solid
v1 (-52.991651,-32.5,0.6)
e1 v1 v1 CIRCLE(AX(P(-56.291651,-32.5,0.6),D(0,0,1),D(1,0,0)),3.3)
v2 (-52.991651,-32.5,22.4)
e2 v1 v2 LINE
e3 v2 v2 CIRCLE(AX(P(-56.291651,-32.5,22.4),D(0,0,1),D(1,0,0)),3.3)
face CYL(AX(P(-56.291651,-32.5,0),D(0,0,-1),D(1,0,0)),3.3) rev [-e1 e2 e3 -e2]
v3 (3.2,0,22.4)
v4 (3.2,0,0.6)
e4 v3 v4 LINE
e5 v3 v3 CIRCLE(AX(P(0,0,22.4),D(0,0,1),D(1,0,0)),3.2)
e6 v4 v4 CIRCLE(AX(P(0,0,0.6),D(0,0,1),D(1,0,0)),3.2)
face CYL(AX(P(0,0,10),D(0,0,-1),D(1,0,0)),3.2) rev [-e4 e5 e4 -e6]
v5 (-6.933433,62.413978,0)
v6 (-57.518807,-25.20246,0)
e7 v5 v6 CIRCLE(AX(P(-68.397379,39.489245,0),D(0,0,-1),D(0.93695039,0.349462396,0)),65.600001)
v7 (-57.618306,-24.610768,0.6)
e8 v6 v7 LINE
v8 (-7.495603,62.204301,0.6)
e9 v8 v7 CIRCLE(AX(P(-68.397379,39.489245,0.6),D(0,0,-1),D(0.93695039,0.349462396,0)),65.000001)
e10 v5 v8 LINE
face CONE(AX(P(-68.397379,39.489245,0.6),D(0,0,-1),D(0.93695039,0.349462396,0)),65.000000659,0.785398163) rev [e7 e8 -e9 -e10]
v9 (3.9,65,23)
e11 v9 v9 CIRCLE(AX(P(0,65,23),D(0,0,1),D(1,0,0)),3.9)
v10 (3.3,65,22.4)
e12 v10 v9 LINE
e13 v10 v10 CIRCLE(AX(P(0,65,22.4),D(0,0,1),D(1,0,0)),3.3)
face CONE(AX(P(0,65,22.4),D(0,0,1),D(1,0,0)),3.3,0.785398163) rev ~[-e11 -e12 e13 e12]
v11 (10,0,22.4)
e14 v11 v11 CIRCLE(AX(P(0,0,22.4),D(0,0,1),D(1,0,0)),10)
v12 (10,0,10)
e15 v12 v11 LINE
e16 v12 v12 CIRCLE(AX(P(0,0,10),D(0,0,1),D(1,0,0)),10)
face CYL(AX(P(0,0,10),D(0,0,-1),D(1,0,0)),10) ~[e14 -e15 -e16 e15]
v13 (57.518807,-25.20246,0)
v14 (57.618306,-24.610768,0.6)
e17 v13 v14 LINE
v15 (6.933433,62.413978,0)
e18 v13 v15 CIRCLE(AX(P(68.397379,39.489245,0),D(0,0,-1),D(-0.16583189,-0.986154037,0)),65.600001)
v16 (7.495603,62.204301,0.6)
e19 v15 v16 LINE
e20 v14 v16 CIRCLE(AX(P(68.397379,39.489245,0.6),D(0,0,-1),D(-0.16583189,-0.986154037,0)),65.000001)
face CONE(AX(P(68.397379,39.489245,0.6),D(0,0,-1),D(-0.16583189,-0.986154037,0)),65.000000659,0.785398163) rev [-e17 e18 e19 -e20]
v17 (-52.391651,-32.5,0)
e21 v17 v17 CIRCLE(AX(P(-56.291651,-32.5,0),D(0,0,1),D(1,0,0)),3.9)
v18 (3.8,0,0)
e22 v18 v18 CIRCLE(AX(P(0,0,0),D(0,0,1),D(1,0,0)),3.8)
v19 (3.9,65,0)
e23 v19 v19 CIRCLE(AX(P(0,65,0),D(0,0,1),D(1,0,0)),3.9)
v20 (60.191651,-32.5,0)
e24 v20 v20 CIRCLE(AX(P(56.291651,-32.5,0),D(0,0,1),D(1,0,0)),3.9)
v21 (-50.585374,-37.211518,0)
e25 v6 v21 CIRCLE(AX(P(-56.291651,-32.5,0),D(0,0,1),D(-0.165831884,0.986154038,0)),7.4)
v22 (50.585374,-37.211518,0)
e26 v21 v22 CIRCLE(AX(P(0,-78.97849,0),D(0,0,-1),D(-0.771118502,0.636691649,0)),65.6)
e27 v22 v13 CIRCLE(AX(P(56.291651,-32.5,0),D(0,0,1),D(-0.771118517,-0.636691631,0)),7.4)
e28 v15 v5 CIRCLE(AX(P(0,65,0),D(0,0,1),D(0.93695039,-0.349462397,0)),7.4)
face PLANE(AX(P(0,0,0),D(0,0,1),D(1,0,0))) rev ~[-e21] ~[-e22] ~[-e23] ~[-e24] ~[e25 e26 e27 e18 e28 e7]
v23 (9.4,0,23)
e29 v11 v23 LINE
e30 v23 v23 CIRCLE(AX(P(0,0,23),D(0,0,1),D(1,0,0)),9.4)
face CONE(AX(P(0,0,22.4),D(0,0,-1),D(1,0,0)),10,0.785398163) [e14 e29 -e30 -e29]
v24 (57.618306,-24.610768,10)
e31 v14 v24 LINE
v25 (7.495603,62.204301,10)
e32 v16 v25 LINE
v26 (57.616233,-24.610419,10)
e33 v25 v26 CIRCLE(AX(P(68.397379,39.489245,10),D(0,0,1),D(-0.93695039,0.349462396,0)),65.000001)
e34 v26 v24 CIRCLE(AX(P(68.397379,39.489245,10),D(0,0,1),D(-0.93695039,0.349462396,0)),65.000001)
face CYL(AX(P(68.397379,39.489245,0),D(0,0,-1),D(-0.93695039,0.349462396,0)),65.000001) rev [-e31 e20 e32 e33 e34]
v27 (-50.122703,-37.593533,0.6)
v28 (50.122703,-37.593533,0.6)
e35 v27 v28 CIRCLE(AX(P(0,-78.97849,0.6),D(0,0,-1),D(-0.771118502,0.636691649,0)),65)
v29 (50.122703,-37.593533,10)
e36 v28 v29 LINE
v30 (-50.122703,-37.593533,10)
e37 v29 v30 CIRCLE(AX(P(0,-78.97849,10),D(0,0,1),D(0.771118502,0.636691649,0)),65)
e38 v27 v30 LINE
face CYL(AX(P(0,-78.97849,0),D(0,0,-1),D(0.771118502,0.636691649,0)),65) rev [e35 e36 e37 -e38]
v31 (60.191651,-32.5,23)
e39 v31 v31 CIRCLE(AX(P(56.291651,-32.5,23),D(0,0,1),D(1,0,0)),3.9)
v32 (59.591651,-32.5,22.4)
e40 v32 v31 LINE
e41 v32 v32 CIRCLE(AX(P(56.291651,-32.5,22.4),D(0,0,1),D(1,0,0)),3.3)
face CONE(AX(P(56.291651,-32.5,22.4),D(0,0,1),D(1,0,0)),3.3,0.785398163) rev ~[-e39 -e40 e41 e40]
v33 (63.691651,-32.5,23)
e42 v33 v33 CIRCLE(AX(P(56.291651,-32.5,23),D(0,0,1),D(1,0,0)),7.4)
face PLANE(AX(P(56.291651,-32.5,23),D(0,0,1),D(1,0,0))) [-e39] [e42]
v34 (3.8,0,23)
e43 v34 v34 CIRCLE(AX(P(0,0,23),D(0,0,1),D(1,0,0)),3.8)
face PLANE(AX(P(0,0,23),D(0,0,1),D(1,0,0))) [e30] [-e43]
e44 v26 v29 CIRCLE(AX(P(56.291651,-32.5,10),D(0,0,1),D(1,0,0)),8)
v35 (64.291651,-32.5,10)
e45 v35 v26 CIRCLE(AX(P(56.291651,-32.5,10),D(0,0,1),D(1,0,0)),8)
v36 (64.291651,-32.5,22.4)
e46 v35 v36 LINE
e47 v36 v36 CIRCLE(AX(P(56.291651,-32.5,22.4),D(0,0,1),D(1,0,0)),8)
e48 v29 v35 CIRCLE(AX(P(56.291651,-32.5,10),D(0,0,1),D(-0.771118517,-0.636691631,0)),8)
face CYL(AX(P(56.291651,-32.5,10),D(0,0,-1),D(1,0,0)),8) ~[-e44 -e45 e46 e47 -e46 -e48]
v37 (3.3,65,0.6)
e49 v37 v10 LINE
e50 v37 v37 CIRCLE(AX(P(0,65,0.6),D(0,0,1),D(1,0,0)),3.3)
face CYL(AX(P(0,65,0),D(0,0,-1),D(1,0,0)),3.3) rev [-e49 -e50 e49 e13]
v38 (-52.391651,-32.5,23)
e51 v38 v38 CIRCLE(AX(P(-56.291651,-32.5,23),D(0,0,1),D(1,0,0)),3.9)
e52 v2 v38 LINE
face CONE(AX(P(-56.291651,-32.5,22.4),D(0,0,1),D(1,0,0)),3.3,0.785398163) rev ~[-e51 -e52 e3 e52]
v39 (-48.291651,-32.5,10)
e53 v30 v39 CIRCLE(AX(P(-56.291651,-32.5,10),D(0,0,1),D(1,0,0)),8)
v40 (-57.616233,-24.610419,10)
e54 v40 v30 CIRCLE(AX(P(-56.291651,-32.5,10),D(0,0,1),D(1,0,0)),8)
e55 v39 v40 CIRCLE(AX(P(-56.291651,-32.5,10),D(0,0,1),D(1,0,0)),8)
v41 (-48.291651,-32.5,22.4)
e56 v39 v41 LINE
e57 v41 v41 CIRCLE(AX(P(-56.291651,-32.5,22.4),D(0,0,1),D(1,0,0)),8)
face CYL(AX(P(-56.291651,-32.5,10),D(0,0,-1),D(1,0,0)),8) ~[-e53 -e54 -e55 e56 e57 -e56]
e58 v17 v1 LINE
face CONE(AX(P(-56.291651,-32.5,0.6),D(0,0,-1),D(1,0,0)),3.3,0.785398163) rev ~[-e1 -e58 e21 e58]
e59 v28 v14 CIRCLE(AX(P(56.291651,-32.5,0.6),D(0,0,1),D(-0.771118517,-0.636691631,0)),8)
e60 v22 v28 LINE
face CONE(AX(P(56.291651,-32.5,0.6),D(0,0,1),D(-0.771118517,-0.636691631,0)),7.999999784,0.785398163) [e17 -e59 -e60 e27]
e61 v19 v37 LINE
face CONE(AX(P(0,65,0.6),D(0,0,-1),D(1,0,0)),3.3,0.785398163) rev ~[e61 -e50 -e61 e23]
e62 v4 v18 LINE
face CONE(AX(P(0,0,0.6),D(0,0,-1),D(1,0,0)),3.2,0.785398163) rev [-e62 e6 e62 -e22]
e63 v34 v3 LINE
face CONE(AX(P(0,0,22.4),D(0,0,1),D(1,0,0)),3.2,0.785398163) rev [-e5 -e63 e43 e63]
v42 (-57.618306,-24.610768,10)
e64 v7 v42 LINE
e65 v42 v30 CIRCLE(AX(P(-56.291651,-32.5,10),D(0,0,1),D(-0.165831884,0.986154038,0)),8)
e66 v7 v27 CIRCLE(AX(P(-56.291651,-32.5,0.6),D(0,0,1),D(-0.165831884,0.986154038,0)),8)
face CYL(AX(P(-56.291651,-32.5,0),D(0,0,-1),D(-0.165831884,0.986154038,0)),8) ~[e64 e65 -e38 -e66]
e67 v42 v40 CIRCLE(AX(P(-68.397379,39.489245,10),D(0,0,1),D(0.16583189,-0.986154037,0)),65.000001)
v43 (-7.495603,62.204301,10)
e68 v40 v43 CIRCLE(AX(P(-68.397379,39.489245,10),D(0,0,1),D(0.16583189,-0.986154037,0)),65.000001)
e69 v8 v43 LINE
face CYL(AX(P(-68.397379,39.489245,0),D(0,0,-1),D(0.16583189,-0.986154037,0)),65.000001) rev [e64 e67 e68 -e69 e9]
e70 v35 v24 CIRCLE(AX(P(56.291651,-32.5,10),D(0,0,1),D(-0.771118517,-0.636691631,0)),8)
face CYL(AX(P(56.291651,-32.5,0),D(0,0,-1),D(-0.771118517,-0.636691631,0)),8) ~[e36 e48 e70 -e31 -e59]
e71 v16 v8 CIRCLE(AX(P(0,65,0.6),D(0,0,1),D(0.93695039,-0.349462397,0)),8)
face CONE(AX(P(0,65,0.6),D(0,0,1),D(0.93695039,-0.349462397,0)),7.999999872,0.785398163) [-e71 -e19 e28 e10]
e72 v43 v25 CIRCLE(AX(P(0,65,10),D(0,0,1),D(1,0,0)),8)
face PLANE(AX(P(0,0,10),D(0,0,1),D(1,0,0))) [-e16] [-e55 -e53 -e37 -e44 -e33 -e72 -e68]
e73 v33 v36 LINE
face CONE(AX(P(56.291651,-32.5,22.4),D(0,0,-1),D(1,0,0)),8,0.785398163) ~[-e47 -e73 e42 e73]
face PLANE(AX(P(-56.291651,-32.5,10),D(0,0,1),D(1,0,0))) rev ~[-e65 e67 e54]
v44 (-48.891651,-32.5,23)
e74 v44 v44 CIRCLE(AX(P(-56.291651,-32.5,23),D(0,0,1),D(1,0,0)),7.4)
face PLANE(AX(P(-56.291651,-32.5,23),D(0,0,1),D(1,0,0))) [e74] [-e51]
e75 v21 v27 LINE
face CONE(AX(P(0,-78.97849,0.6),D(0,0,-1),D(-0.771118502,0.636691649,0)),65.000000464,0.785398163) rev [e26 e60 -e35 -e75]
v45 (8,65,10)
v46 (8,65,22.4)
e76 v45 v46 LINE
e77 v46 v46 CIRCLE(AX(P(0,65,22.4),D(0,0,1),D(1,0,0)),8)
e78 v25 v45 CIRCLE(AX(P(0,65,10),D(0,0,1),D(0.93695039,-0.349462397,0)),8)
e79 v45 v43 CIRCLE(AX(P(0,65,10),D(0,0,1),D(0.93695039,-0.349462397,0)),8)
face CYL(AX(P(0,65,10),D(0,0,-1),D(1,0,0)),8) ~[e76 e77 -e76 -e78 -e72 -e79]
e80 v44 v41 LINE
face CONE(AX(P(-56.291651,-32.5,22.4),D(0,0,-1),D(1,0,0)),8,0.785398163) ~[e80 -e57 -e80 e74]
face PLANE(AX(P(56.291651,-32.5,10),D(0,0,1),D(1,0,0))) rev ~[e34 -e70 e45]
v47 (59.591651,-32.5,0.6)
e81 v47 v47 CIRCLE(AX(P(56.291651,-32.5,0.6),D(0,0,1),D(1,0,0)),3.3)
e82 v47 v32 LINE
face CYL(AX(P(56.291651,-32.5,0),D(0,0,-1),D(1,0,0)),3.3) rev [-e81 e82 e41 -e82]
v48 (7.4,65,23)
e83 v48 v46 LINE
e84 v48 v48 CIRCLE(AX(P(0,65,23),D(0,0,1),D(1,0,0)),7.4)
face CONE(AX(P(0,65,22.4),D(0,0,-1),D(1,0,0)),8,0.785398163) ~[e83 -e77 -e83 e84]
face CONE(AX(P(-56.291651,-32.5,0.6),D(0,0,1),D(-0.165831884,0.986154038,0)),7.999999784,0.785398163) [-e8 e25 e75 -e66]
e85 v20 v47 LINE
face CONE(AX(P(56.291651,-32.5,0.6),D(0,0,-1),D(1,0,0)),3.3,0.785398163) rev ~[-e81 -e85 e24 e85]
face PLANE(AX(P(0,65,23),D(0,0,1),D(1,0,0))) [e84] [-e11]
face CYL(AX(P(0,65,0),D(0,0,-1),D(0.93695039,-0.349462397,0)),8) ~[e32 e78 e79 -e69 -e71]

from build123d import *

# Parameters (mm, degrees)
SKETCH_R      = 3.2
SKETCH_R_2    = 3.3
PAD_DEPTH     = 10
SKETCH001_R   = 10
SKETCH001_R_2 = 3.2
SKETCH001_R_3 = 8
SKETCH001_R_4 = 3.3
PAD001_DEPTH  = 13
CHAMFER_SIZE  = 0.6


with BuildPart() as part:
    # Sketch → Pad (new body)
    with BuildSketch(Plane.XY):
        with BuildLine():
            ThreePointArc((7.495603, 62.204301), (0, 73), (-7.495603, 62.204301))
            ThreePointArc((-57.618306, -24.610768), (-12.105727, 6.989245), (-7.495603, 62.204301))
            ThreePointArc((-57.618306, -24.610768), (-63.219854, -36.5), (-50.122703, -37.593533))
            ThreePointArc((50.122703, -37.593533), (0, -13.97849), (-50.122703, -37.593533))
            ThreePointArc((50.122703, -37.593533), (63.219854, -36.5), (57.618306, -24.610768))
            ThreePointArc((7.495603, 62.204301), (12.105727, 6.989245), (57.618306, -24.610768))
        make_face()
        Circle(SKETCH_R, mode=Mode.SUBTRACT)
        with Locations((0, 65)):
            Circle(SKETCH_R_2, mode=Mode.SUBTRACT)
        with Locations((56.291651, -32.5)):
            Circle(SKETCH_R_2, mode=Mode.SUBTRACT)
        with Locations((-56.291651, -32.5)):
            Circle(SKETCH_R_2, mode=Mode.SUBTRACT)
    extrude(amount=PAD_DEPTH)

    # Sketch001 (on Face12 of Pad) → Pad001 (join)
    with BuildSketch(Plane.XY.offset(10)):
        Circle(SKETCH001_R)
        Circle(SKETCH001_R_2, mode=Mode.SUBTRACT)
        with Locations((-56.291651, -32.5)):
            Circle(SKETCH001_R_3)
        with Locations((-56.291651, -32.5)):
            Circle(SKETCH001_R_4, mode=Mode.SUBTRACT)
        with Locations((56.291651, -32.5)):
            Circle(SKETCH001_R_3)
        with Locations((56.291651, -32.5)):
            Circle(SKETCH001_R_4, mode=Mode.SUBTRACT)
        with Locations((0, 65)):
            Circle(SKETCH001_R_3)
        with Locations((0, 65)):
            Circle(SKETCH001_R_4, mode=Mode.SUBTRACT)
    extrude(amount=PAD001_DEPTH)

    # Chamfer
    chamfer_edges = [part.edges().sort_by_distance(p)[0] for p in [
        (-64.291651, -32.5, 23),
        (-59.591651, -32.5, 23),
        (-10, 0, 23),
        (-3.2, 0, 23),
        (-8, 65, 23),
        (-3.3, 65, 23),
        (48.291651, -32.5, 23),
        (52.991651, -32.5, 23),
        (7.872891, 63.579582, 0),
        (-1.420418, 72.872891, 0),
        (-12.105727, 6.989245, 0),
        (-63.219854, -36.5, 0),
        (0, -13.97849, 0),
        (58.997979, -40.028333, 0),
        (62.399566, -27.333436, 0),
        (12.105727, 6.989245, 0),
        (-3.3, 65, 0),
        (-59.591651, -32.5, 0),
        (52.991651, -32.5, 0),
        (-3.2, 0, 0),
    ]]
    chamfer(chamfer_edges, length=CHAMFER_SIZE)


solid = part.part
